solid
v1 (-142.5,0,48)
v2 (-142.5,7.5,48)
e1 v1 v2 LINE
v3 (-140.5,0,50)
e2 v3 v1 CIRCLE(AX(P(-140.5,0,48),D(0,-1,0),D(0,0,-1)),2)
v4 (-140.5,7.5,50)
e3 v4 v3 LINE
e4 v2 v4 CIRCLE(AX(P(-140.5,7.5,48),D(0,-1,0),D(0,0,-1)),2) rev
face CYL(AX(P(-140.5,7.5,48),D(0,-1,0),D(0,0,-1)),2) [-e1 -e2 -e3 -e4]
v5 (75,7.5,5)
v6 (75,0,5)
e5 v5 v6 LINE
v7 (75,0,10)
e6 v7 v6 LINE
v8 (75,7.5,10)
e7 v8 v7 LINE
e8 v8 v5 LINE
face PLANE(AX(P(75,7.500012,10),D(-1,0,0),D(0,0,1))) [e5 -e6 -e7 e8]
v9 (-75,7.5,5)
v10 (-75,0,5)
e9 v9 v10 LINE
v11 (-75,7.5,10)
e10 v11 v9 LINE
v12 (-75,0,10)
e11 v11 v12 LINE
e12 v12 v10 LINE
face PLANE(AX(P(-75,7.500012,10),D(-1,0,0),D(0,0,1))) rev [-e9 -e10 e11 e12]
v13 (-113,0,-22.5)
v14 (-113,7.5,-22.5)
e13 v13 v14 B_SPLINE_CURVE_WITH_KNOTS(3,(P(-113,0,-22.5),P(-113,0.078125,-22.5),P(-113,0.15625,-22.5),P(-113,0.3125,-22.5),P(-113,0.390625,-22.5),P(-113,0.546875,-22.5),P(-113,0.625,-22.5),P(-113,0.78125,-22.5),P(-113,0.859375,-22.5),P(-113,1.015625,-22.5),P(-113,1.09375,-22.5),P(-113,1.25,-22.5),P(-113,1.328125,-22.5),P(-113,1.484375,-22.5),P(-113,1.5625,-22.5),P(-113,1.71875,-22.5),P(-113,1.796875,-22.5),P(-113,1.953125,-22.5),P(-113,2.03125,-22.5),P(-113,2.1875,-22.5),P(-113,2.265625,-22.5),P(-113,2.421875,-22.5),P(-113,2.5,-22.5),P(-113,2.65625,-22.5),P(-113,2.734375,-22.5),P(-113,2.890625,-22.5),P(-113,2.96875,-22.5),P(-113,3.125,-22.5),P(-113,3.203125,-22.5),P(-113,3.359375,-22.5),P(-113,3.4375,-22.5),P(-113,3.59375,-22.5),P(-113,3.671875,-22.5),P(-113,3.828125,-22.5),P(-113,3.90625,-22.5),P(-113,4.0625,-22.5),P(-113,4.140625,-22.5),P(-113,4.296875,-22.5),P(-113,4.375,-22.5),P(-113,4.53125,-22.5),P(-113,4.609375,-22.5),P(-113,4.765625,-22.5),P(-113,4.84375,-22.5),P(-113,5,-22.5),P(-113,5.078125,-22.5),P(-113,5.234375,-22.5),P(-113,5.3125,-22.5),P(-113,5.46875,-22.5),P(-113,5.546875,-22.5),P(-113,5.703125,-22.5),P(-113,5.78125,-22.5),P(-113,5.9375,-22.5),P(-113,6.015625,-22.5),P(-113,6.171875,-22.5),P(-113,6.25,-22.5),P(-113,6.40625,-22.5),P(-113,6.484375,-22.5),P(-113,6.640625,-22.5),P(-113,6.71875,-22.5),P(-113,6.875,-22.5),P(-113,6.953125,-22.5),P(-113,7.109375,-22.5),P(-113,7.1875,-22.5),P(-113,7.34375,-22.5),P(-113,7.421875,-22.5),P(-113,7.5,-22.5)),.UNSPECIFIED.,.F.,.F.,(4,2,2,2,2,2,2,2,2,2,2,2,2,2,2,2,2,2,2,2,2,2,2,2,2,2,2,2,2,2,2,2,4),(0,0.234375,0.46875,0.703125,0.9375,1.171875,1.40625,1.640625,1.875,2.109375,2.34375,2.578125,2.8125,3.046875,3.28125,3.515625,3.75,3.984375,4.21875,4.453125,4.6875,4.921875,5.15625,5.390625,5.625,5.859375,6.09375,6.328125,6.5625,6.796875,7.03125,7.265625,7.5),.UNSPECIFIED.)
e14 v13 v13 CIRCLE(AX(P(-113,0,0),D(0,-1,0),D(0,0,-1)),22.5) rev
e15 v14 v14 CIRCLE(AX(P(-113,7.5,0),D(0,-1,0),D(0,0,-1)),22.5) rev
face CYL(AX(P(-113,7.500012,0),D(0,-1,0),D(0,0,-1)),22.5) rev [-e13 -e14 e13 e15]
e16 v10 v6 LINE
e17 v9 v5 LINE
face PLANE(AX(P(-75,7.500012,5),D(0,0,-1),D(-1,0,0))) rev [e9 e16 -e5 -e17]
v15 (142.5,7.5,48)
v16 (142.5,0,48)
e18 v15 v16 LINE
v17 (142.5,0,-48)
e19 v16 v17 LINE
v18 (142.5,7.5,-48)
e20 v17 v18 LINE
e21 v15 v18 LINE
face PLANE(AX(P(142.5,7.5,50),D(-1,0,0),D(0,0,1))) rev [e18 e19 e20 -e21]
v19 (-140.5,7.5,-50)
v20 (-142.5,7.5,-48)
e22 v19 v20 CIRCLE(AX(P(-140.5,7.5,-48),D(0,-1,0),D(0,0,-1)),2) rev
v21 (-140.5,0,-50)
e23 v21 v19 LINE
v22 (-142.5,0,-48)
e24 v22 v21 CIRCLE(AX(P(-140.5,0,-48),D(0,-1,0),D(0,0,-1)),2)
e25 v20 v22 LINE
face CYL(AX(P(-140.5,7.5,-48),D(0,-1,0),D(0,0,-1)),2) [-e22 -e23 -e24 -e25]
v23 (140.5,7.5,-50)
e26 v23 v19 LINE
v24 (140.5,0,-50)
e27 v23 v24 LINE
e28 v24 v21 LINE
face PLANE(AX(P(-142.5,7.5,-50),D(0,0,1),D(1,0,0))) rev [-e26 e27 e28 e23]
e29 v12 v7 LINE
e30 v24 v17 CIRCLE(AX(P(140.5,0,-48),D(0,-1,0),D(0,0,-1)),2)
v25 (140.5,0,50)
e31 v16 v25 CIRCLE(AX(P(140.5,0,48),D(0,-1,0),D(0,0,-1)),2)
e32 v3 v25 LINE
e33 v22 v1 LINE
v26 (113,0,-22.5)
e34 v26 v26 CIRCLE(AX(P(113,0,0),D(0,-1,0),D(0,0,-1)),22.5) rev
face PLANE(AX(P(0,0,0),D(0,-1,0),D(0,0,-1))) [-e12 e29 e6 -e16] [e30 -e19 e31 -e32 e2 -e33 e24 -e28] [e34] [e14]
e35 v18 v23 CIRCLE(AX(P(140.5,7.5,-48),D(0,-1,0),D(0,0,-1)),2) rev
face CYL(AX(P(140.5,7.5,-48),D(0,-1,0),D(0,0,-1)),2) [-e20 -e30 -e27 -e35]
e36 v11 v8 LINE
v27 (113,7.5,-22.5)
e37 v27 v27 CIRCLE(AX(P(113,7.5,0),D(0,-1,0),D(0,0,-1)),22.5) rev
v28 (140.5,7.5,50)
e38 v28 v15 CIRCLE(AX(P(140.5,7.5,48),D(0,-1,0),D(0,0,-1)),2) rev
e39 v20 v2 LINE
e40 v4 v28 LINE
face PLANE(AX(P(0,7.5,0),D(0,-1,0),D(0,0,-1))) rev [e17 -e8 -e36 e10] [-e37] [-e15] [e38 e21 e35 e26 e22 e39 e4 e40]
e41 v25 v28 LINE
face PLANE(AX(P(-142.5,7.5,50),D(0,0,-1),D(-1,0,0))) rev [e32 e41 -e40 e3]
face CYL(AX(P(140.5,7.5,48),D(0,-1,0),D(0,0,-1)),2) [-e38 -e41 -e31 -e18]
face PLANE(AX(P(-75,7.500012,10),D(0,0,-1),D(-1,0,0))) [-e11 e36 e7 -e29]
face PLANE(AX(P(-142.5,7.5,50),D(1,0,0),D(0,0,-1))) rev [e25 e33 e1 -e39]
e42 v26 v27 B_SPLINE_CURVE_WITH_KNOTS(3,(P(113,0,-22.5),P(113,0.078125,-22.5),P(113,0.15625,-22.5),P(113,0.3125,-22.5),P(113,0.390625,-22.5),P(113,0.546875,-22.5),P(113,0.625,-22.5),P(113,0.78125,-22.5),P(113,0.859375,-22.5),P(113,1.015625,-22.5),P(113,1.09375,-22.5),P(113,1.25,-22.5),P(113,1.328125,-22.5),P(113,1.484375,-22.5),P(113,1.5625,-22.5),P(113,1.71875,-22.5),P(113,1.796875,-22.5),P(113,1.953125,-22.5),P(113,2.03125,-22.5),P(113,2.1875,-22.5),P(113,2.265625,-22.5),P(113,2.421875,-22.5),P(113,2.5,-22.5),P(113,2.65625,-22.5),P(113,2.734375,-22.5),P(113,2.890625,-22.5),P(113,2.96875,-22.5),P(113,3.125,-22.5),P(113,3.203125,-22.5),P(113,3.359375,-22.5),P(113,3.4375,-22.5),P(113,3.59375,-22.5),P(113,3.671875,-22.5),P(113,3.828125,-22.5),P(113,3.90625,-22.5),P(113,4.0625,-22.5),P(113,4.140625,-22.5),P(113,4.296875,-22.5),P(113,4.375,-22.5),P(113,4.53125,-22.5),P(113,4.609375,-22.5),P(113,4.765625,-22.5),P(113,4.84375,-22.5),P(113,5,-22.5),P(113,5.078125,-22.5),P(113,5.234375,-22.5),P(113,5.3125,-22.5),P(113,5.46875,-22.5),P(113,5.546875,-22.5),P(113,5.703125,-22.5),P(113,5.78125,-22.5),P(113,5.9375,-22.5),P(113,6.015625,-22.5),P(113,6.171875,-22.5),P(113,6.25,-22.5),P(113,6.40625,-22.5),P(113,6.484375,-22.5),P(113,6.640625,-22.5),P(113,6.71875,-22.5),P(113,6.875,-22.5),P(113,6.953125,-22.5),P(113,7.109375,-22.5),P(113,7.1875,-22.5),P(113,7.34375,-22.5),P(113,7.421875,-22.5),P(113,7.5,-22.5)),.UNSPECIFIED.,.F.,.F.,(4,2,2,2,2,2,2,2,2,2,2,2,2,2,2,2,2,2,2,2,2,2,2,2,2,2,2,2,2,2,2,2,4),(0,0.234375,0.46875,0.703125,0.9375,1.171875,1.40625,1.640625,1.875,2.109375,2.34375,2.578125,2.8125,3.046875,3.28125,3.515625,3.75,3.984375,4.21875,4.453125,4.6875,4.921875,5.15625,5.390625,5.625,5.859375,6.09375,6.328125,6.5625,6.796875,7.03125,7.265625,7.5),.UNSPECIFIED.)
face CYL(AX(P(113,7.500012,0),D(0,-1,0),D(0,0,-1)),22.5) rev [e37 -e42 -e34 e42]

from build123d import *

# Parameters (mm, degrees)
SKETCH1_W               = 285
SKETCH1_H               = 100
BOSS_EXTRUDE1_DEPTH     = 7.5
CUT_EXTRUDE1_DEPTH      = 152.20350525
CUT_EXTRUDE1_DEPTH_BACK = 10
SKETCH2_R               = 22.5
SKETCH2_W               = 150
SKETCH2_H               = 5
FILLET1_R               = 2


with BuildPart() as part:
    # Sketch1 → Boss-Extrude1 (new body)
    with BuildSketch(Plane(origin=(0, 0, 0), x_dir=(1, 0, 0), z_dir=(0, 1, 0))):
        Rectangle(SKETCH1_W, SKETCH1_H)
    extrude(amount=BOSS_EXTRUDE1_DEPTH)

    # Sketch2 → Cut-Extrude1 (cut, two sides: drawn at the far end of the back side and taken through both)
    with BuildSketch(Plane(origin=(0, 7.5, 0), x_dir=(1, 0, 0), z_dir=(0, 1, 0)).offset(-CUT_EXTRUDE1_DEPTH_BACK)):
        with Locations(Location((-113, 0, 0), (0, 0, 90))):
            Circle(SKETCH2_R)
        with Locations(Location((113, 0, 0), (0, 0, 90))):
            Circle(SKETCH2_R)
        with Locations((0, -7.5)):
            Rectangle(SKETCH2_W, SKETCH2_H)
    extrude(amount=CUT_EXTRUDE1_DEPTH + CUT_EXTRUDE1_DEPTH_BACK, mode=Mode.SUBTRACT)

    # Fillet1
    fillet1_edges = [part.edges().sort_by_distance(p)[0] for p in [
        (142.5, 3.75, 50),
        (-142.5, 3.75, 50),
        (-142.5, 3.75, -50),
        (142.5, 3.75, -50),
    ]]
    fillet(fillet1_edges, radius=FILLET1_R)


solid = part.part
